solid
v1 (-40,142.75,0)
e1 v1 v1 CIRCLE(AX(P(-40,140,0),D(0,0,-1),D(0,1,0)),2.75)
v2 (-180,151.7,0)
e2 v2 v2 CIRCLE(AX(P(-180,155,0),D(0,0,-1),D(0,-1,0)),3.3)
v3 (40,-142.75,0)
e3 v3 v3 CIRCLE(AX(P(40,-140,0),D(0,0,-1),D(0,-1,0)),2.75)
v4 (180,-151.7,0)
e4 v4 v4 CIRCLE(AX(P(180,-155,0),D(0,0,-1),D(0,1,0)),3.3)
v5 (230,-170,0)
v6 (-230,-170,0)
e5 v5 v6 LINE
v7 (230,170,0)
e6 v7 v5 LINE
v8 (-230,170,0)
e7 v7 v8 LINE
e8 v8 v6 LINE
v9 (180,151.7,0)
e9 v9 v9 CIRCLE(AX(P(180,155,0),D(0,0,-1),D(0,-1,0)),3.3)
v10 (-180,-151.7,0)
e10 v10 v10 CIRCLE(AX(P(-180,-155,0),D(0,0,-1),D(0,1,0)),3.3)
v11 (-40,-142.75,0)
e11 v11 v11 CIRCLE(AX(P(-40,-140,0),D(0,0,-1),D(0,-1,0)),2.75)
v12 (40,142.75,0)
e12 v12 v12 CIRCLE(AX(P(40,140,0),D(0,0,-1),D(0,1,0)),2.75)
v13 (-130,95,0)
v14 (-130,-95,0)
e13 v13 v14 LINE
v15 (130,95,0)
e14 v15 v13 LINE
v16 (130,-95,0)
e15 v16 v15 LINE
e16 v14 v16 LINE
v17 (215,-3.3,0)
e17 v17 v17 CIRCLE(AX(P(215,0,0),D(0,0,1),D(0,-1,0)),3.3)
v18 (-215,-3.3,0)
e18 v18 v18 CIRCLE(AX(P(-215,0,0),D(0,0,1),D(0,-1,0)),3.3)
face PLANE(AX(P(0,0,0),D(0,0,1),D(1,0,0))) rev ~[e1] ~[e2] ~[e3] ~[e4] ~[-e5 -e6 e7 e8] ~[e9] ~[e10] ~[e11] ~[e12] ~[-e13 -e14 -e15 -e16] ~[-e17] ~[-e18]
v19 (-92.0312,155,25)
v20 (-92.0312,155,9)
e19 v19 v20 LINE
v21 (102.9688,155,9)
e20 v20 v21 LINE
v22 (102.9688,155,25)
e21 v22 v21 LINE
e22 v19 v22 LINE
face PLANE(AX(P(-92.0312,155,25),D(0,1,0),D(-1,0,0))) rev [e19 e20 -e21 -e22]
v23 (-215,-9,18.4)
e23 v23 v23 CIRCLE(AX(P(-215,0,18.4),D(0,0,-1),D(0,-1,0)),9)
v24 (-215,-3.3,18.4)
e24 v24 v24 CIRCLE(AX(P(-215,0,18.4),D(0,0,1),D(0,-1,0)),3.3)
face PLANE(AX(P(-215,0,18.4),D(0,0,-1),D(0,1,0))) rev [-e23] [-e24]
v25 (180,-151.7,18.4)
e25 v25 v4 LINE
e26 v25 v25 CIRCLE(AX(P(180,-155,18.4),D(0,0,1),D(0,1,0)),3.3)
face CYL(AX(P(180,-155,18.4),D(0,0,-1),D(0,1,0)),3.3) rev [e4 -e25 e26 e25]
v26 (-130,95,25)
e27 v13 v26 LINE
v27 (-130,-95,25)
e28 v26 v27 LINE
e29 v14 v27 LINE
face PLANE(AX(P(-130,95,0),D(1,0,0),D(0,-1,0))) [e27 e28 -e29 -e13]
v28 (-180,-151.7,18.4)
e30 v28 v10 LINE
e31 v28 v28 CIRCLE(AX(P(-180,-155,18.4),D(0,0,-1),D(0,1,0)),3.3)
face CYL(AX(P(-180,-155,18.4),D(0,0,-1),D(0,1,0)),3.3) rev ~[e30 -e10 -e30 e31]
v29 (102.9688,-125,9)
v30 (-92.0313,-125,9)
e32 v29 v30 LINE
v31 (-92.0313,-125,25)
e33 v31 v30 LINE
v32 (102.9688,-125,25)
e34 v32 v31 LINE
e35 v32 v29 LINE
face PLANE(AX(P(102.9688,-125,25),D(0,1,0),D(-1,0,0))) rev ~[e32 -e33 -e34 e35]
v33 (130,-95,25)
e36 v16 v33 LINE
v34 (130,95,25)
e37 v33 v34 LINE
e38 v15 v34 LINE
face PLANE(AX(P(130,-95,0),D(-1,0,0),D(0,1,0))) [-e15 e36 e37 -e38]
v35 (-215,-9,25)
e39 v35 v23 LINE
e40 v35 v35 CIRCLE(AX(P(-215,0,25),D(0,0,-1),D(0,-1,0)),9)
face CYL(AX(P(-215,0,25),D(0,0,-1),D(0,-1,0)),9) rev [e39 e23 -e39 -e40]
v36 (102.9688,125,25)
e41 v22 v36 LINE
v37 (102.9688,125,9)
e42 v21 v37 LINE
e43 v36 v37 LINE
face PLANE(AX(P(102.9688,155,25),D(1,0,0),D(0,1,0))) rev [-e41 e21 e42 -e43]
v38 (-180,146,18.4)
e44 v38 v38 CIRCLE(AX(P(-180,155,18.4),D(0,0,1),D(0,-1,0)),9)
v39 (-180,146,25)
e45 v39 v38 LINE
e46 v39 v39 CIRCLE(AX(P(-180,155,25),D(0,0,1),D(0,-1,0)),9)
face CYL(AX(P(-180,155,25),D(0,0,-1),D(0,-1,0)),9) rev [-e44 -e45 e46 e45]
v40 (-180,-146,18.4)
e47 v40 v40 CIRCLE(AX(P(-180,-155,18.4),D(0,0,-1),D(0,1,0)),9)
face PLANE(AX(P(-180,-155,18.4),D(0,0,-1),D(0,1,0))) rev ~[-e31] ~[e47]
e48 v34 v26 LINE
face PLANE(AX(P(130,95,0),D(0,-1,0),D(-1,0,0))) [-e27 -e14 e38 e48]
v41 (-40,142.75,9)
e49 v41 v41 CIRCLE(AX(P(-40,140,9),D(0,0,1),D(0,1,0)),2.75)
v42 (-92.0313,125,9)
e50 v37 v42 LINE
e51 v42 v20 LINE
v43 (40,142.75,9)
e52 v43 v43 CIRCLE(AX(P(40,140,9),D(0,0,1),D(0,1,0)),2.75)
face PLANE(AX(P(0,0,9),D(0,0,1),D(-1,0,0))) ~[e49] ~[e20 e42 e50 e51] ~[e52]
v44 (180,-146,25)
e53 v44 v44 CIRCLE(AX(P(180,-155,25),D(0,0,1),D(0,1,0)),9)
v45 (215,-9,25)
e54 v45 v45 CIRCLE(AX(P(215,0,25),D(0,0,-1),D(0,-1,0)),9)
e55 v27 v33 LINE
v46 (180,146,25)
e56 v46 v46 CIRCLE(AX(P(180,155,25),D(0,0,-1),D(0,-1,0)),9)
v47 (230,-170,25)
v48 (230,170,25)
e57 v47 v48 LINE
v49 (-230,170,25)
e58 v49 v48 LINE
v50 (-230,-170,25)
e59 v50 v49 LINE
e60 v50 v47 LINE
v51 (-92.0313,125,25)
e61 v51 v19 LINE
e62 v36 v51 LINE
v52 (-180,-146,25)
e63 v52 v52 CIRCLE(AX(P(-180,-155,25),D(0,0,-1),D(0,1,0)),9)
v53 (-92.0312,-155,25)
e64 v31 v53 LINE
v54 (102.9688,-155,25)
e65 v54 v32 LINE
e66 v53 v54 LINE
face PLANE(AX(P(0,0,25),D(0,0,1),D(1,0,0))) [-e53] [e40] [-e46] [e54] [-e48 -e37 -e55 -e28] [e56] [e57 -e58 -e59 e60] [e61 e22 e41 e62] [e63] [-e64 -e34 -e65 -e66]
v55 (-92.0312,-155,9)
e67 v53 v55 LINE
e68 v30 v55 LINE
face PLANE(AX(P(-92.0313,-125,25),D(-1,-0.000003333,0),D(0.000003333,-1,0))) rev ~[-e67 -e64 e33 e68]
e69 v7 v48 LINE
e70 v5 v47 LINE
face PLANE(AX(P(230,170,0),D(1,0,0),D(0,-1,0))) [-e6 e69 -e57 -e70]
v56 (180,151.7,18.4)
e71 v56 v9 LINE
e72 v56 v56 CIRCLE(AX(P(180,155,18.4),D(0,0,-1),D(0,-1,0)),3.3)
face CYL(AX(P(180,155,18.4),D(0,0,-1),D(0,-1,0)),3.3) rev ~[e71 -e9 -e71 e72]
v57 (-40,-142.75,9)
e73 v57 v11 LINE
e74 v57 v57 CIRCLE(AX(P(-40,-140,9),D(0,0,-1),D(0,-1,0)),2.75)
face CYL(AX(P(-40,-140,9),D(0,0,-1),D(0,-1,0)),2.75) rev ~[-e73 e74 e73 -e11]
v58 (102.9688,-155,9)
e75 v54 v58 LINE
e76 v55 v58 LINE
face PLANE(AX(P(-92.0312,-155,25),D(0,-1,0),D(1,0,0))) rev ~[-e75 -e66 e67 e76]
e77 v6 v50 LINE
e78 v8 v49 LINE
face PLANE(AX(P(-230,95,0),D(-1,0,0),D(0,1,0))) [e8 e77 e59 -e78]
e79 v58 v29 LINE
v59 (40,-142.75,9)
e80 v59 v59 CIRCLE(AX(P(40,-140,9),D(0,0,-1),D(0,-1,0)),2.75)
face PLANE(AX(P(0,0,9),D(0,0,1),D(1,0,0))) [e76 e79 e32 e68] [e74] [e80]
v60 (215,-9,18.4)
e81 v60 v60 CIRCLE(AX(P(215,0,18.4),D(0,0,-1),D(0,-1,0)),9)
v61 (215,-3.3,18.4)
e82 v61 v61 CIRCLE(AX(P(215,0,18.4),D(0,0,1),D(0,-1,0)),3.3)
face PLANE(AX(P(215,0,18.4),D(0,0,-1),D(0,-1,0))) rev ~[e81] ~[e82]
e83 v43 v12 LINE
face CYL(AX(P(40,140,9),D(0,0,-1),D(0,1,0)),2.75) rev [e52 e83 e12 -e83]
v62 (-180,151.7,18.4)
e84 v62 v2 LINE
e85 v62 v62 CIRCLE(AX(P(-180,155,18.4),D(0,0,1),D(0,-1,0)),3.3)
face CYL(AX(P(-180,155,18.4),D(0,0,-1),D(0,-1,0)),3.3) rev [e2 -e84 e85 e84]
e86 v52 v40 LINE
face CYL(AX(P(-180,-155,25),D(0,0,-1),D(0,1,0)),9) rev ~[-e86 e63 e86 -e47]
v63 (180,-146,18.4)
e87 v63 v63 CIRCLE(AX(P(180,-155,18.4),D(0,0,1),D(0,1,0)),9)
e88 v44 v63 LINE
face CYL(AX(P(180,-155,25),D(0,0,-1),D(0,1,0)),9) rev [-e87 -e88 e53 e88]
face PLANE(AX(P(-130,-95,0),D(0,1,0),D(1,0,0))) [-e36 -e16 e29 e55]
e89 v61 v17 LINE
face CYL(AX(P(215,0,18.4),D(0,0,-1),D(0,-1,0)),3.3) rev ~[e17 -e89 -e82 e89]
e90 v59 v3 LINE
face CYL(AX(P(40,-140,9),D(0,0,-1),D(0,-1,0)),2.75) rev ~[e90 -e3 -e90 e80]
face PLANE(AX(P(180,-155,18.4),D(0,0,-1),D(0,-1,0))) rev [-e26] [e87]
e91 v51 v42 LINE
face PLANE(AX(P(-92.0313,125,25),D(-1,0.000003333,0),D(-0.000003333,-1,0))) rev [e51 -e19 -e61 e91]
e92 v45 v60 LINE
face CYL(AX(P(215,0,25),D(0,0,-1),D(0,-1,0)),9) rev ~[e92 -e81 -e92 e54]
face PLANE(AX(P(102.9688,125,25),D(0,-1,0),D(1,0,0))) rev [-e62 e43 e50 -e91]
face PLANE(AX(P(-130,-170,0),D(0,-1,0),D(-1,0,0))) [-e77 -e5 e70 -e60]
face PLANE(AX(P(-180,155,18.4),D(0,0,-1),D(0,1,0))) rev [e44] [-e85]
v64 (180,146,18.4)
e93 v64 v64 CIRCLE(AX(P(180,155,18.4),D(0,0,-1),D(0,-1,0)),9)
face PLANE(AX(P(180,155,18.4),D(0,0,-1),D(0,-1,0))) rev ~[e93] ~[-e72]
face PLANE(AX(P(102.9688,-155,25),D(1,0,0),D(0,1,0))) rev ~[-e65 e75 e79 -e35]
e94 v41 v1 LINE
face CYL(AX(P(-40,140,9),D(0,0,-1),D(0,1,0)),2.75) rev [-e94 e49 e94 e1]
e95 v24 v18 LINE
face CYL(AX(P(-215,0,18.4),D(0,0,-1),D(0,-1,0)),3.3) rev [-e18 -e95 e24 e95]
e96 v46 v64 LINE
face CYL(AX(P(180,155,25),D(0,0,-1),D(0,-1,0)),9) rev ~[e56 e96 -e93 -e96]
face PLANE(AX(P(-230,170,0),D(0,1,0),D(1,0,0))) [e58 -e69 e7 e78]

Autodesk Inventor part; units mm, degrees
ref_plane "YZ Plane" through (0, 0, 0) normal (1, 0, 0) x (0, 1, 0)
ref_plane "XZ Plane" through (0, 0, 0) normal (0, 1, 0) x (-1, 0, 0)
ref_plane "XY Plane" through (0, 0, 0) normal (0, 0, 1) x (1, 0, 0)
sketch "Sketch1" plane through (0, 0, 0) normal (0, 0, 1) x (1, 0, 0)
  line L0 (-230, 170) -> (230, 170)
  line L1 (230, 170) -> (230, -170)
  line L2 (230, -170) -> (-230, -170)
  line L3 (-230, -170) -> (-230, 170)
  line L4 (130, 170) -> (230, 170)
  line L5 (230, 170) -> (230, -170)
  line L6 (230, -170) -> (130, -170)
  line L7 (130, -170) -> (130, 170)
  line L8 (-230, 170) -> (-130, 170)
  line L9 (-130, 170) -> (-130, -170)
  line L10 (-130, -170) -> (-230, -170)
  line L11 (-230, -170) -> (-230, 170)
  line L12 (-230, 170) -> (230, 170)
  line L13 (230, 170) -> (230, 95)
  line L14 (230, 95) -> (-230, 95)
  line L15 (-230, 95) -> (-230, 170)
  line L16 (-230, -95) -> (230, -95)
  line L17 (230, -95) -> (230, -170)
  line L18 (230, -170) -> (-230, -170)
  line L19 (-230, -170) -> (-230, -95)
  point P0 (0, 0)
  dimension "d0" = 460
  dimension "d1" = 340
  dimension "d2" = 170
  dimension "d3" = 230
  dimension "d4" = 100
  dimension "d5" = 100
  dimension "d6" = 75
  dimension "d7" = 75
extrude "Extrusion1" add sketch "Sketch1" along normal blind 25 contours L0 L9 L14 L3 | L0 L7 L14 L9 | L14 L9 L16 L3 | L0 L1 L14 L7 | L16 L9 L2 L3 | L14 L1 L16 L7 | L16 L7 L2 L9 | L16 L1 L2 L7
sketch "Sketch2" plane through (0, 0, 25) normal (0, 0, 1) x (1, 0, 0)
  line L0 (-92.0312, -155) -> (102.9688, -155)
  line L1 (102.9688, -155) -> (102.9688, -125)
  line L2 (102.9688, -125) -> (-92.0313, -125)
  line L3 (-92.0313, -125) -> (-92.0312, -155)
  line L4 (-230, -170) -> (230, -170) projected
  point P0 (0, 0)
  dimension "d10" = 30
  dimension "d11" = 195
  dimension "d12" = 15
extrude "Extrusion2" cut sketch "Sketch2" against normal blind 16
sketch "Sketch3" plane through (0, 0, 9) normal (0, 0, 1) x (1, 0, 0)
  line L0 (102.9688, -155) -> (-92.0312, -155) projected
  point P0 (0, 0)
  point P1 (-40, -140)
  point P2 (40, -140)
  dimension "d15" = 15
  dimension "d16" = 80
  dimension "d17" = 40
hole "Hole1" at (-40, -140, 9) at (40, -140, 9) direction (0, 0, -1) diameter 5.5 end through all
mirror "Mirror2" about plane through (0, 0, 0) normal (0, 1, 0) of "Extrusion2", "Hole1"
sketch "Sketch4" plane through (0, 0, 25) normal (0, 0, 1) x (1, 0, 0)
  line L0 (230, -170) -> (230, 170) projected
  line L1 (230, 170) -> (-230, 170) projected
  point P0 (0, 0)
  point P1 (180, 155)
  point P2 (215, 0)
  dimension "d25" = 15
  dimension "d26" = 15
  dimension "d27" = 50
hole "Hole2" at (180, 155, 25) at (215, 0, 25) direction (0, 0, -1) diameter 6.6 end through all counterbore diameter 18 counterbore depth 6.6 clearance for "Hex Head Cap Screw ISO 24017" size "M6" standard "ISO"
mirror "Mirror3" about plane through (0, 0, 0) normal (0, 1, 0) of "Hole2"
mirror "Mirror4" about plane through (0, 0, 0) normal (1, 0, 0) of "Hole2", "Mirror3"
equation "\"d2\" = 0.5 * d1"
equation "\"d3\" = 0.5 * d0"
equation "\"d17\" = 0.5 * d16"
properties part number "modified_xyStageMount"
